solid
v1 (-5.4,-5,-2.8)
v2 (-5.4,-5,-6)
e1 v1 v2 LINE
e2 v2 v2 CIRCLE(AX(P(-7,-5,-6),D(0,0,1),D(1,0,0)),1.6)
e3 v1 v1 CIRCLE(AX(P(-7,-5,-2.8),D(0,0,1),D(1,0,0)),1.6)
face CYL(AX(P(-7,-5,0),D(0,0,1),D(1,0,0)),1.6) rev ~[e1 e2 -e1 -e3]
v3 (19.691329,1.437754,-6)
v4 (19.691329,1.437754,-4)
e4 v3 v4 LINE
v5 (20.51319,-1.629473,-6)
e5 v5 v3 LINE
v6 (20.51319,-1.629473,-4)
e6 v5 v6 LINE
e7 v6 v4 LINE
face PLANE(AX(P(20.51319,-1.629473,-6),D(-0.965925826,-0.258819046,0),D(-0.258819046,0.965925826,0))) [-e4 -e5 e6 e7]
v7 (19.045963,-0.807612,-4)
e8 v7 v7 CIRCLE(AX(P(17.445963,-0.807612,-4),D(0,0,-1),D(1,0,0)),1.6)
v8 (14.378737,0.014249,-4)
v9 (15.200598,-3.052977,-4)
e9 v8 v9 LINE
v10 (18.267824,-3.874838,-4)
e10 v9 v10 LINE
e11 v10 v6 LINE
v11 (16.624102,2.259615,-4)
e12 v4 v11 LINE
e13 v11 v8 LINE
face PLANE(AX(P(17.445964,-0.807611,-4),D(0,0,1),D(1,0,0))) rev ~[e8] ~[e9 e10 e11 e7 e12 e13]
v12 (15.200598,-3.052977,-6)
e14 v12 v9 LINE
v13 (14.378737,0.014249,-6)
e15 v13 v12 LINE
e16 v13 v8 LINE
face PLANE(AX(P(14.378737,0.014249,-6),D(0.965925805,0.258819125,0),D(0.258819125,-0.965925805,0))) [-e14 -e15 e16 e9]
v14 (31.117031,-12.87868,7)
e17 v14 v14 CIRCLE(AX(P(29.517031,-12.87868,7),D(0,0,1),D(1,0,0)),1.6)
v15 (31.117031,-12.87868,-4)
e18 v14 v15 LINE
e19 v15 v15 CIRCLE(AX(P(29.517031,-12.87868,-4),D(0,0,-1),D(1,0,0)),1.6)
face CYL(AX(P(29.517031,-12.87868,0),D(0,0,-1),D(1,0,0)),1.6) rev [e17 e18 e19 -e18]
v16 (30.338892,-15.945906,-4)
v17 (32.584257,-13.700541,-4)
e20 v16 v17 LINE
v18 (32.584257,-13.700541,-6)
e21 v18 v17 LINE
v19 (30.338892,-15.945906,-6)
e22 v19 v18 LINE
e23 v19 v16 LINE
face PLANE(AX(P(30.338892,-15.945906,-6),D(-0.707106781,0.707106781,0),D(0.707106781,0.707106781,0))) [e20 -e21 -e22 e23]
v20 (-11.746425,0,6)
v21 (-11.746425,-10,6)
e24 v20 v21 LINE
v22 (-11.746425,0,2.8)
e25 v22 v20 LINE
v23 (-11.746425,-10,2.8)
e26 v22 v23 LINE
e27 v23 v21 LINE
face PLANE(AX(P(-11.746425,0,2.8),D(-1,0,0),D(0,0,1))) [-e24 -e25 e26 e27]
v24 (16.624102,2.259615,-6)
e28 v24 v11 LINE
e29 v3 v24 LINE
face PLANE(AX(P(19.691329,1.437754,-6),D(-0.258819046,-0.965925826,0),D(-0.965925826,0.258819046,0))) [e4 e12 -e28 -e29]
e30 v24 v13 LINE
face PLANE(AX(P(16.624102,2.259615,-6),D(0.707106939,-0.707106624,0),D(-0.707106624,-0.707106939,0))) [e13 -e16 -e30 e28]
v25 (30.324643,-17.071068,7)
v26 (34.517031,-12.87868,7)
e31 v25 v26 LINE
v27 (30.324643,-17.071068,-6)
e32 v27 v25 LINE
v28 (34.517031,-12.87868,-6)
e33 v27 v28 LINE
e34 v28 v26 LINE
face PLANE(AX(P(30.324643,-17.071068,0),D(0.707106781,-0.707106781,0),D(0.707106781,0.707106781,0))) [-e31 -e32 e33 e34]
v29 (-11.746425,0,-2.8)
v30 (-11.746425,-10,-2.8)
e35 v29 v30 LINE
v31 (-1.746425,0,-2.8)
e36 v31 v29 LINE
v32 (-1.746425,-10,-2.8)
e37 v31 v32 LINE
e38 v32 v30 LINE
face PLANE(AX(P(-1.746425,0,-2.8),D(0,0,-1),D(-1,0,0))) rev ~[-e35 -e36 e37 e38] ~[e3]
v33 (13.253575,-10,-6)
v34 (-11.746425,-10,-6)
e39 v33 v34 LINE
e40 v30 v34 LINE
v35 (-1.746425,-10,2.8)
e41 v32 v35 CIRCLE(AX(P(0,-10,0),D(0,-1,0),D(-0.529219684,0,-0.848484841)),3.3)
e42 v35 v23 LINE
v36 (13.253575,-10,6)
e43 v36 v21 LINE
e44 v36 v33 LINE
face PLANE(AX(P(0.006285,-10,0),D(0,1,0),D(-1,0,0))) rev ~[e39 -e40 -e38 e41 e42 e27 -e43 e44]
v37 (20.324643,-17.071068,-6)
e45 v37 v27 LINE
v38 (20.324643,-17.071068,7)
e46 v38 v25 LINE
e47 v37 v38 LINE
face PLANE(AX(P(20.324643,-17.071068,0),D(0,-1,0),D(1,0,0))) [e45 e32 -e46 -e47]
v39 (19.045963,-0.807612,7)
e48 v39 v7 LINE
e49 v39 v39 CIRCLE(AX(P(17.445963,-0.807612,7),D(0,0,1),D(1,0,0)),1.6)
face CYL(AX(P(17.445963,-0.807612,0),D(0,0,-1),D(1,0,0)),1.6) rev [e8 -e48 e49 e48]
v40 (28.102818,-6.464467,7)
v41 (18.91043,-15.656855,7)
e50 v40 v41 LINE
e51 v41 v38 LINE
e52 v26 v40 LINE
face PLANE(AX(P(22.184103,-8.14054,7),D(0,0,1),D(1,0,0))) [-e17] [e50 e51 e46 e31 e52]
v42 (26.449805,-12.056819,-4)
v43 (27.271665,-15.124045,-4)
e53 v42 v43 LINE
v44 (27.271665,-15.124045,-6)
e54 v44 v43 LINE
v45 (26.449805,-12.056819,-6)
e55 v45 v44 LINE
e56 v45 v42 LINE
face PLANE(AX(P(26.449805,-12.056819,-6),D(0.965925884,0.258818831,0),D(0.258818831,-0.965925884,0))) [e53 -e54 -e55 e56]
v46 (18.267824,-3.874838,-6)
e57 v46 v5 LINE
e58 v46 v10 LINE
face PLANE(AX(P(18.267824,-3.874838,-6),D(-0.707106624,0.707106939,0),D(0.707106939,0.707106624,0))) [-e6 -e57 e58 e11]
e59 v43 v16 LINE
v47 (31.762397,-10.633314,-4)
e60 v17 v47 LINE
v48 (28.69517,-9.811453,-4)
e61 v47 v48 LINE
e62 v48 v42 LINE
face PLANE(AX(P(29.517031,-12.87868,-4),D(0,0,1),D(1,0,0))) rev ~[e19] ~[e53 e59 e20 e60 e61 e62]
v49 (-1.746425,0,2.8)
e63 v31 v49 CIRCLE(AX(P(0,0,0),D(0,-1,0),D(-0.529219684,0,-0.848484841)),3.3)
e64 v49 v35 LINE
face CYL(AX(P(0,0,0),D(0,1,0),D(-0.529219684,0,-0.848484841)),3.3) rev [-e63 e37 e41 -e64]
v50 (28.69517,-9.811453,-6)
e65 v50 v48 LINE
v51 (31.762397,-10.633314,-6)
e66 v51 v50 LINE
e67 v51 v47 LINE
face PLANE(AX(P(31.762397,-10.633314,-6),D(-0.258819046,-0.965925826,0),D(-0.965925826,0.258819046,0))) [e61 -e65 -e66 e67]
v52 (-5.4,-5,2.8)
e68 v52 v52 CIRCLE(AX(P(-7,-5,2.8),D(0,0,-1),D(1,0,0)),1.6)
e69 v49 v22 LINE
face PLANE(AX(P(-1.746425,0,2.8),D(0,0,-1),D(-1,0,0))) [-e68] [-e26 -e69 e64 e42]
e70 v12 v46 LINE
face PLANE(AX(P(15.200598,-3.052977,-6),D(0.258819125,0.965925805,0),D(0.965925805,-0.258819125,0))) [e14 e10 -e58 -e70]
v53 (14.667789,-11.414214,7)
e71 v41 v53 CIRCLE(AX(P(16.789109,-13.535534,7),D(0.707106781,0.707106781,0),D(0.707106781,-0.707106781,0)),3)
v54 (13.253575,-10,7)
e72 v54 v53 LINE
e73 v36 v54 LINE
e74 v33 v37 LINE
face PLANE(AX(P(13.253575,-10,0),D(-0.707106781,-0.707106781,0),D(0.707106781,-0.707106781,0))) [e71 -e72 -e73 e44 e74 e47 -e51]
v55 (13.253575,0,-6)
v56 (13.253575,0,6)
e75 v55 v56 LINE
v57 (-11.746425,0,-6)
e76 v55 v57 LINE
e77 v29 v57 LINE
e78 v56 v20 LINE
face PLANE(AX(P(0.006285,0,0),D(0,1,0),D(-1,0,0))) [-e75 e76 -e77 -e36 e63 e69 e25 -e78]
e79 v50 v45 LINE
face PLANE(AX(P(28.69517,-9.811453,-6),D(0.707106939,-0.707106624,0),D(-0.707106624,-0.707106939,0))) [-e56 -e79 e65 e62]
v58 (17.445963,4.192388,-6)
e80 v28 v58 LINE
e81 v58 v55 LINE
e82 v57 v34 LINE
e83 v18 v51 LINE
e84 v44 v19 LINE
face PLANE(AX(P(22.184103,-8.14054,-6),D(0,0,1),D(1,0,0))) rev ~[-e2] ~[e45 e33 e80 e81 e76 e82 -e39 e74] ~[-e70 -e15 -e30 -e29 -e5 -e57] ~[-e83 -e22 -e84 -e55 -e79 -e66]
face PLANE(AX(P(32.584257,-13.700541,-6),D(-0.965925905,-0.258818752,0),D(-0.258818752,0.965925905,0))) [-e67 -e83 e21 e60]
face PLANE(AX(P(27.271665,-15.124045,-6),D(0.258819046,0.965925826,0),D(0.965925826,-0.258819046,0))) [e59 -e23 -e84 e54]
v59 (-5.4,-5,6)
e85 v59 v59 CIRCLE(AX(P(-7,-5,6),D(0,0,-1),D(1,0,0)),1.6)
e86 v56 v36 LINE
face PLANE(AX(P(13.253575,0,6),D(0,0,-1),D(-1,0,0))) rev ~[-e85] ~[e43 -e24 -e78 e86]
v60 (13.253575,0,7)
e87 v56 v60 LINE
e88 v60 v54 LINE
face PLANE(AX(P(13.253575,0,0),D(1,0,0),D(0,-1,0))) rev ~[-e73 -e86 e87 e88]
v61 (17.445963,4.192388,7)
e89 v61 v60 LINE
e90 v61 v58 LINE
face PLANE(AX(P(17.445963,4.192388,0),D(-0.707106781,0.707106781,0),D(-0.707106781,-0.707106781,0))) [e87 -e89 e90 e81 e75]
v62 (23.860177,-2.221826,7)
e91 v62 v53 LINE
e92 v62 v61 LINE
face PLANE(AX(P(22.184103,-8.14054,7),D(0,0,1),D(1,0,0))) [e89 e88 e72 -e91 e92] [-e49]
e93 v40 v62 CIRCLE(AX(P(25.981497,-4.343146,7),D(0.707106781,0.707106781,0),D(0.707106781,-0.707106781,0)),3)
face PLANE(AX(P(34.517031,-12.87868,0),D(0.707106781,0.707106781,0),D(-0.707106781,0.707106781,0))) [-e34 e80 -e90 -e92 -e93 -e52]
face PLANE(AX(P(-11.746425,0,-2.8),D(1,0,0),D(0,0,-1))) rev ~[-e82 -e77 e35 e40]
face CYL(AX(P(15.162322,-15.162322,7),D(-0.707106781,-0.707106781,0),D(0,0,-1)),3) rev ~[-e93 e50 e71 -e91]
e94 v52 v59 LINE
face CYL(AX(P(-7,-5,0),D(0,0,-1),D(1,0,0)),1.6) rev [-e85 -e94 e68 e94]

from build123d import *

# Parameters (mm, degrees)
PAD_DEPTH            = 10
SKETCH_R             = 1.6
PAD001_DEPTH         = 7
PAD001_DEPTH_BACK    = 6
SKETCH004_R          = 3
POCKET_DEPTH         = 27.372693
POCKET001_DEPTH      = 2
SKETCH006_R          = 1.6
POCKET002_DEPTH      = 6.001
POCKET002_DEPTH_BACK = -7.001


with BuildPart() as part:
    # Sketch003 → Pad (new body)
    with BuildSketch(Plane.XZ):
        with BuildLine():
            Line((13.253575, -6), (-11.746425, -6))
            Line((-11.746425, -2.8), (-11.746425, -6))
            Line((-1.746425, -2.8), (-11.746425, -2.8))
            ThreePointArc((-1.746425, -2.8), (3.3, 0), (-1.746425, 2.8))
            Line((-1.746425, 2.8), (-11.746425, 2.8))
            Line((-11.746425, 2.8), (-11.746425, 6))
            Line((13.253575, 6), (-11.746425, 6))
            Line((13.253575, 6), (13.253575, 0))
            Line((13.253575, 0), (13.253575, -6))
        make_face()
    extrude(amount=PAD_DEPTH)

    # Sketch → Pad001 (join, two sides)
    with BuildSketch(Plane.XY) as pad001_sk:
        Polygon((13.253575, -10), (20.324643, -17.071068), (30.324643, -17.071068), (34.517031, -12.87868), (17.445963, 4.192388), (13.253575, 0), align=None)
        with Locations((17.445963, -0.807612)):
            Circle(SKETCH_R, mode=Mode.SUBTRACT)
        with Locations((29.517031, -12.87868)):
            Circle(SKETCH_R, mode=Mode.SUBTRACT)
    extrude(amount=PAD001_DEPTH)
    extrude(pad001_sk.sketch, amount=-PAD001_DEPTH_BACK)

    # Sketch004 (on DatumPlane) → Pocket (cut, through all)
    with BuildSketch(Plane(origin=(0, 0, 3.5), x_dir=(0, 0, -1), z_dir=(-0.707107, -0.707107, 0))):
        with Locations((-3.5, 21.442761)):
            Circle(SKETCH004_R)
    extrude(amount=-POCKET_DEPTH, mode=Mode.SUBTRACT)

    # Sketch005 (on DatumPlane) → Pocket001 (cut)
    with BuildSketch(Plane.XY.offset(-6)):
        Polygon((18.267824, -3.874838), (20.51319, -1.629473), (19.691329, 1.437754), (16.624102, 2.259615), (14.378737, 0.014249), (15.200598, -3.052977), align=None)
        Polygon((30.338892, -15.945906), (32.584257, -13.700541), (31.762397, -10.633314), (28.69517, -9.811453), (26.449805, -12.056819), (27.271665, -15.124045), align=None)
    extrude(amount=POCKET001_DEPTH, mode=Mode.SUBTRACT)

    # Sketch006 → Pocket002 (cut, two sides)
    with BuildSketch(Plane.XY) as pocket002_sk:
        with Locations((-7, -5)):
            Circle(SKETCH006_R)
    extrude(amount=-POCKET002_DEPTH, mode=Mode.SUBTRACT)
    extrude(pocket002_sk.sketch, amount=-POCKET002_DEPTH_BACK, mode=Mode.SUBTRACT)


solid = part.part
